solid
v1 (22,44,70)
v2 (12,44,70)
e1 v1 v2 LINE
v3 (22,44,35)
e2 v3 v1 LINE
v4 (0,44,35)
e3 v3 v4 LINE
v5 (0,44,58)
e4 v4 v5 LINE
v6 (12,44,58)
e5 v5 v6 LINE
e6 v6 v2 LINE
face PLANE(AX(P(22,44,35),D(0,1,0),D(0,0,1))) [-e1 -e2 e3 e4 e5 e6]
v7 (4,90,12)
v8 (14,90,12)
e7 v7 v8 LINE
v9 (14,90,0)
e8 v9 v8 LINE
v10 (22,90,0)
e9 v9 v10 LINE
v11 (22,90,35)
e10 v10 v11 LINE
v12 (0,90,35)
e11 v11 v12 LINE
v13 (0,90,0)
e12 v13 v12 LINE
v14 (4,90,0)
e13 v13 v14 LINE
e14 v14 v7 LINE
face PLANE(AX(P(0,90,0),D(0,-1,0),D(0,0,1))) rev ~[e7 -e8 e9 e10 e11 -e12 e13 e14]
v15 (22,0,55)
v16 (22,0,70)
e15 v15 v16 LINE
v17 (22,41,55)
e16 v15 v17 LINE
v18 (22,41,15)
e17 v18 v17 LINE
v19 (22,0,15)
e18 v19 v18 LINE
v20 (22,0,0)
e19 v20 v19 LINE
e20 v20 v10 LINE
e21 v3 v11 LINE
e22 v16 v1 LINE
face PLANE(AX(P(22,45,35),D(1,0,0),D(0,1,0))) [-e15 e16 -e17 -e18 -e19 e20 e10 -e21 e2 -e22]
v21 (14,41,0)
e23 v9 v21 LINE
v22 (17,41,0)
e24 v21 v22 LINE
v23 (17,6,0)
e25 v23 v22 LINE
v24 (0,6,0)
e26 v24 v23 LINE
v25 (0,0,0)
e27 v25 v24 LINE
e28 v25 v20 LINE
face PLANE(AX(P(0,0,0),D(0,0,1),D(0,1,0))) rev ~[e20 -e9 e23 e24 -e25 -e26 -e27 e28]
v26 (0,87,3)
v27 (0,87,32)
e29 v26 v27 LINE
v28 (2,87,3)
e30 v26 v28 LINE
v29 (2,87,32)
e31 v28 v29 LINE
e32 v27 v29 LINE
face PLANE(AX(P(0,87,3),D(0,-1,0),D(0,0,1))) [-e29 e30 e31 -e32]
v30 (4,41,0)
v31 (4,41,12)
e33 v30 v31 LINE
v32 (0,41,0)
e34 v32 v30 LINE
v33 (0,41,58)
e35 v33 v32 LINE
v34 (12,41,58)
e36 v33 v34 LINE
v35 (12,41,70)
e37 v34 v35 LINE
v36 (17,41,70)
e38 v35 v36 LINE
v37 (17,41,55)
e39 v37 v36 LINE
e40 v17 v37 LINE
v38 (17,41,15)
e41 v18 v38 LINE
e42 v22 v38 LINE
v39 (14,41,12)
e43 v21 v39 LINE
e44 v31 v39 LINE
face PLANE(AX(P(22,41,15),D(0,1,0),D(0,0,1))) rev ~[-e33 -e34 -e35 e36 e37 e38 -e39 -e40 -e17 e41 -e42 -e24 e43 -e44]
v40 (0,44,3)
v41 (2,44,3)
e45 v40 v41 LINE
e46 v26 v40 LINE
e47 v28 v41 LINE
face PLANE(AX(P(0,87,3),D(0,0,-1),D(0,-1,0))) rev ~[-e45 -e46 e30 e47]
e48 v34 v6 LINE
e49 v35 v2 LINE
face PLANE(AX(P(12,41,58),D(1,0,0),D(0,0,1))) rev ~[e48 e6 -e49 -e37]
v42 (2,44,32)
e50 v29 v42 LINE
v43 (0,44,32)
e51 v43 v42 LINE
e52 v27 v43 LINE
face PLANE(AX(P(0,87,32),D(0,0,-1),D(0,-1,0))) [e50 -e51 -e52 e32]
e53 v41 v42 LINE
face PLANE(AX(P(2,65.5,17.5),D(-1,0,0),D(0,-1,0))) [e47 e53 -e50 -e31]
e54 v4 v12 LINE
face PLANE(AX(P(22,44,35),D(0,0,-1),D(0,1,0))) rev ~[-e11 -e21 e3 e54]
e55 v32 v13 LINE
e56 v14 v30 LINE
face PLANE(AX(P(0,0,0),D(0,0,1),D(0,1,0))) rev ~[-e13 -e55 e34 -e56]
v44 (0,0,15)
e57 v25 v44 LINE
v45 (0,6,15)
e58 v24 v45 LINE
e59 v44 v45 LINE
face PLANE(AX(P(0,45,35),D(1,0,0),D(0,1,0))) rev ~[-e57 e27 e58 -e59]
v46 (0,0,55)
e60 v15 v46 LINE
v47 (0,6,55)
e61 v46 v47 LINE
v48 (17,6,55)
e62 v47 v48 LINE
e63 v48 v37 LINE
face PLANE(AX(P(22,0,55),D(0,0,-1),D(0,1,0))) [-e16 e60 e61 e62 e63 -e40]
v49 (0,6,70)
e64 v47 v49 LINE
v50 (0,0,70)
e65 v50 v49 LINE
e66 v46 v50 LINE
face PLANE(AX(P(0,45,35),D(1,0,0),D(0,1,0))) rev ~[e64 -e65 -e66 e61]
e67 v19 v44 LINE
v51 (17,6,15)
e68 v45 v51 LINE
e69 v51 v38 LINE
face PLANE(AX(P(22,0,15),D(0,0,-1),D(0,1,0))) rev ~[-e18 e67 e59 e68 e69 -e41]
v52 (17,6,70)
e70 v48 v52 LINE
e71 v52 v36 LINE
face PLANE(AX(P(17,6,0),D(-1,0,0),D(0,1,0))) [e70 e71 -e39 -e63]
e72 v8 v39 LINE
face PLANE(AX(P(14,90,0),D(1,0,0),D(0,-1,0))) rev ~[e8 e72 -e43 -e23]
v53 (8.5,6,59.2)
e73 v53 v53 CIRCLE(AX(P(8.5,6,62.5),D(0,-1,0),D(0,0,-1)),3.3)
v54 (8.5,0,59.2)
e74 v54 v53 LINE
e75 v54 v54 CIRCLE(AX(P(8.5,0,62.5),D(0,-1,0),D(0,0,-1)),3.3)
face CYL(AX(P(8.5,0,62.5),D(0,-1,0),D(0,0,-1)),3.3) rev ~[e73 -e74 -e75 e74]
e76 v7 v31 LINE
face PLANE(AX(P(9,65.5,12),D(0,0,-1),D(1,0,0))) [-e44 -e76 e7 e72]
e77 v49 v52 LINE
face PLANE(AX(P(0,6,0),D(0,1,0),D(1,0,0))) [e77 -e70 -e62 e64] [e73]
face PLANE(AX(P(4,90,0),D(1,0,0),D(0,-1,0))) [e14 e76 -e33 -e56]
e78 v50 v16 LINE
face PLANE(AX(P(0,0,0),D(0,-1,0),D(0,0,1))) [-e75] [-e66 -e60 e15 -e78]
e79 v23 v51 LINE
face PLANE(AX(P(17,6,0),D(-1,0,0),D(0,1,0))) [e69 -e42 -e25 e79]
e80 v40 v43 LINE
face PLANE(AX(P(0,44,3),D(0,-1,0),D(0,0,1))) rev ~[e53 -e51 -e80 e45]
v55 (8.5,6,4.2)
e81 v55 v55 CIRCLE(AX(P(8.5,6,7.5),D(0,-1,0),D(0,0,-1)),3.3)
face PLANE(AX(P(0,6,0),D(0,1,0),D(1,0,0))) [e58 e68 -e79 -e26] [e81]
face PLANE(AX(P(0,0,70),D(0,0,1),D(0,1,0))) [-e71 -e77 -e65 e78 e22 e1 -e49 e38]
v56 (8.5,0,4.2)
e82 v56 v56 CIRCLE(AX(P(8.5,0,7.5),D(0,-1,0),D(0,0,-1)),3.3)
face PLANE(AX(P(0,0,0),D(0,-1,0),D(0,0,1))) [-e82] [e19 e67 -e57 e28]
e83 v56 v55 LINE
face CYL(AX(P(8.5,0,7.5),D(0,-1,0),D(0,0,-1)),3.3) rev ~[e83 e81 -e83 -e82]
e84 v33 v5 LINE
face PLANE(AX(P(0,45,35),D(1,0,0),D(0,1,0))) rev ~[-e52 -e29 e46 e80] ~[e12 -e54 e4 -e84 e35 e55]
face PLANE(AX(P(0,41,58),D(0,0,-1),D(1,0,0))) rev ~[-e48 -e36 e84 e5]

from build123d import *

# Parameters (mm, degrees)
SKETCH001_W  = 41
SKETCH001_H  = 40
PAD001_DEPTH = 22
SKETCH002_W  = 46
SKETCH002_H  = 35
PAD002_DEPTH = 22
SKETCH003_W  = 35
SKETCH003_H  = 17
PAD003_DEPTH = 70
SKETCH004_W  = 43
SKETCH004_H  = 29
PAD004_DEPTH = 2
SKETCH008_R  = 3.3
PAD006_DEPTH = 6
SKETCH007_R  = 3.3
PAD005_DEPTH = 6
SKETCH009_W  = 12
SKETCH009_H  = 12
PAD007_DEPTH = 3
SKETCH010_W  = 10
SKETCH010_H  = 49
PAD008_DEPTH = 12
SKETCH_W     = 90
SKETCH_H     = 70
PAD_DEPTH    = 22


with BuildPart() as body001:
    # Sketch001 (on Face1 of CopyPad) → Pad001 (new body)
    with BuildSketch(Plane.YZ.offset(22)):
        with Locations((20.5, 35)):
            Rectangle(SKETCH001_W, SKETCH001_H)
    extrude(amount=-PAD001_DEPTH)


with BuildPart() as body002:
    # Sketch002 (on Face1 of CopyPad001) → Pad002 (new body)
    with BuildSketch(Plane.YZ.offset(22)):
        with Locations((67, 52.5)):
            Rectangle(SKETCH002_W, SKETCH002_H)
    extrude(amount=-PAD002_DEPTH)


with BuildPart() as body003:
    # Sketch003 (on Face1 of CopyBoolean001) → Pad003 (new body)
    with BuildSketch(Plane.YX):
        with Locations((23.5, 8.5)):
            Rectangle(SKETCH003_W, SKETCH003_H)
    extrude(amount=-PAD003_DEPTH)


with BuildPart() as body004:
    # Sketch004 (on Face1 of CopyBoolean002) → Pad004 (new body)
    with BuildSketch(Plane(origin=(0, 0, 0), x_dir=(0, -1, 0), z_dir=(-1, 0, 0))):
        with Locations((-65.5, 17.5)):
            Rectangle(SKETCH004_W, SKETCH004_H)
    extrude(amount=-PAD004_DEPTH)


with BuildPart() as body007:
    # Sketch008 → Pad006 (new body)
    with BuildSketch(Plane(origin=(0, 0, 0), x_dir=(0, 0, -1), z_dir=(0, -1, 0))):
        with Locations((-7.5, 8.5)):
            Circle(SKETCH008_R)
    extrude(amount=-PAD006_DEPTH)


with BuildPart() as body007_1:
    # Body007 placement: moved
    add(body007.part.moved(Location((0, 0, 55))))


with BuildPart() as body006:
    # Sketch007 → Pad005 (new body)
    with BuildSketch(Plane(origin=(0, 0, 0), x_dir=(0, 0, -1), z_dir=(0, -1, 0))):
        with Locations((-7.5, 8.5)):
            Circle(SKETCH007_R)
    extrude(amount=-PAD005_DEPTH)


with BuildPart() as body008:
    # Sketch009 (on Face1 of CopyBoolean005) → Pad007 (new body)
    with BuildSketch(Plane.XZ.offset(-41)):
        with Locations((6, 64)):
            Rectangle(SKETCH009_W, SKETCH009_H)
    extrude(amount=-PAD007_DEPTH)


with BuildPart() as body009:
    # Sketch010 (on Face1 of CopyBoolean006) → Pad008 (new body)
    with BuildSketch(Plane(origin=(0, 0, 0), x_dir=(1, 0, 0), z_dir=(0, 0, -1))):
        with Locations((9, -65.5)):
            Rectangle(SKETCH010_W, SKETCH010_H)
    extrude(amount=-PAD008_DEPTH)


with BuildPart() as body:
    # Sketch → Pad (new body)
    with BuildSketch(Plane.YZ):
        with Locations((45, 35)):
            Rectangle(SKETCH_W, SKETCH_H)
    extrude(amount=PAD_DEPTH)

    # Boolean: cut Body001
    add(body001.part, mode=Mode.SUBTRACT)

    # Boolean001: cut Body002
    add(body002.part, mode=Mode.SUBTRACT)

    # Boolean002: cut Body003
    add(body003.part, mode=Mode.SUBTRACT)

    # Boolean003: cut Body004
    add(body004.part, mode=Mode.SUBTRACT)

    # Boolean004: cut Body007
    add(body007_1.part, mode=Mode.SUBTRACT)

    # Boolean005: cut Body006
    add(body006.part, mode=Mode.SUBTRACT)

    # Boolean006: cut Body008
    add(body008.part, mode=Mode.SUBTRACT)

    # Boolean007: cut Body009
    add(body009.part, mode=Mode.SUBTRACT)


solid = body.part
